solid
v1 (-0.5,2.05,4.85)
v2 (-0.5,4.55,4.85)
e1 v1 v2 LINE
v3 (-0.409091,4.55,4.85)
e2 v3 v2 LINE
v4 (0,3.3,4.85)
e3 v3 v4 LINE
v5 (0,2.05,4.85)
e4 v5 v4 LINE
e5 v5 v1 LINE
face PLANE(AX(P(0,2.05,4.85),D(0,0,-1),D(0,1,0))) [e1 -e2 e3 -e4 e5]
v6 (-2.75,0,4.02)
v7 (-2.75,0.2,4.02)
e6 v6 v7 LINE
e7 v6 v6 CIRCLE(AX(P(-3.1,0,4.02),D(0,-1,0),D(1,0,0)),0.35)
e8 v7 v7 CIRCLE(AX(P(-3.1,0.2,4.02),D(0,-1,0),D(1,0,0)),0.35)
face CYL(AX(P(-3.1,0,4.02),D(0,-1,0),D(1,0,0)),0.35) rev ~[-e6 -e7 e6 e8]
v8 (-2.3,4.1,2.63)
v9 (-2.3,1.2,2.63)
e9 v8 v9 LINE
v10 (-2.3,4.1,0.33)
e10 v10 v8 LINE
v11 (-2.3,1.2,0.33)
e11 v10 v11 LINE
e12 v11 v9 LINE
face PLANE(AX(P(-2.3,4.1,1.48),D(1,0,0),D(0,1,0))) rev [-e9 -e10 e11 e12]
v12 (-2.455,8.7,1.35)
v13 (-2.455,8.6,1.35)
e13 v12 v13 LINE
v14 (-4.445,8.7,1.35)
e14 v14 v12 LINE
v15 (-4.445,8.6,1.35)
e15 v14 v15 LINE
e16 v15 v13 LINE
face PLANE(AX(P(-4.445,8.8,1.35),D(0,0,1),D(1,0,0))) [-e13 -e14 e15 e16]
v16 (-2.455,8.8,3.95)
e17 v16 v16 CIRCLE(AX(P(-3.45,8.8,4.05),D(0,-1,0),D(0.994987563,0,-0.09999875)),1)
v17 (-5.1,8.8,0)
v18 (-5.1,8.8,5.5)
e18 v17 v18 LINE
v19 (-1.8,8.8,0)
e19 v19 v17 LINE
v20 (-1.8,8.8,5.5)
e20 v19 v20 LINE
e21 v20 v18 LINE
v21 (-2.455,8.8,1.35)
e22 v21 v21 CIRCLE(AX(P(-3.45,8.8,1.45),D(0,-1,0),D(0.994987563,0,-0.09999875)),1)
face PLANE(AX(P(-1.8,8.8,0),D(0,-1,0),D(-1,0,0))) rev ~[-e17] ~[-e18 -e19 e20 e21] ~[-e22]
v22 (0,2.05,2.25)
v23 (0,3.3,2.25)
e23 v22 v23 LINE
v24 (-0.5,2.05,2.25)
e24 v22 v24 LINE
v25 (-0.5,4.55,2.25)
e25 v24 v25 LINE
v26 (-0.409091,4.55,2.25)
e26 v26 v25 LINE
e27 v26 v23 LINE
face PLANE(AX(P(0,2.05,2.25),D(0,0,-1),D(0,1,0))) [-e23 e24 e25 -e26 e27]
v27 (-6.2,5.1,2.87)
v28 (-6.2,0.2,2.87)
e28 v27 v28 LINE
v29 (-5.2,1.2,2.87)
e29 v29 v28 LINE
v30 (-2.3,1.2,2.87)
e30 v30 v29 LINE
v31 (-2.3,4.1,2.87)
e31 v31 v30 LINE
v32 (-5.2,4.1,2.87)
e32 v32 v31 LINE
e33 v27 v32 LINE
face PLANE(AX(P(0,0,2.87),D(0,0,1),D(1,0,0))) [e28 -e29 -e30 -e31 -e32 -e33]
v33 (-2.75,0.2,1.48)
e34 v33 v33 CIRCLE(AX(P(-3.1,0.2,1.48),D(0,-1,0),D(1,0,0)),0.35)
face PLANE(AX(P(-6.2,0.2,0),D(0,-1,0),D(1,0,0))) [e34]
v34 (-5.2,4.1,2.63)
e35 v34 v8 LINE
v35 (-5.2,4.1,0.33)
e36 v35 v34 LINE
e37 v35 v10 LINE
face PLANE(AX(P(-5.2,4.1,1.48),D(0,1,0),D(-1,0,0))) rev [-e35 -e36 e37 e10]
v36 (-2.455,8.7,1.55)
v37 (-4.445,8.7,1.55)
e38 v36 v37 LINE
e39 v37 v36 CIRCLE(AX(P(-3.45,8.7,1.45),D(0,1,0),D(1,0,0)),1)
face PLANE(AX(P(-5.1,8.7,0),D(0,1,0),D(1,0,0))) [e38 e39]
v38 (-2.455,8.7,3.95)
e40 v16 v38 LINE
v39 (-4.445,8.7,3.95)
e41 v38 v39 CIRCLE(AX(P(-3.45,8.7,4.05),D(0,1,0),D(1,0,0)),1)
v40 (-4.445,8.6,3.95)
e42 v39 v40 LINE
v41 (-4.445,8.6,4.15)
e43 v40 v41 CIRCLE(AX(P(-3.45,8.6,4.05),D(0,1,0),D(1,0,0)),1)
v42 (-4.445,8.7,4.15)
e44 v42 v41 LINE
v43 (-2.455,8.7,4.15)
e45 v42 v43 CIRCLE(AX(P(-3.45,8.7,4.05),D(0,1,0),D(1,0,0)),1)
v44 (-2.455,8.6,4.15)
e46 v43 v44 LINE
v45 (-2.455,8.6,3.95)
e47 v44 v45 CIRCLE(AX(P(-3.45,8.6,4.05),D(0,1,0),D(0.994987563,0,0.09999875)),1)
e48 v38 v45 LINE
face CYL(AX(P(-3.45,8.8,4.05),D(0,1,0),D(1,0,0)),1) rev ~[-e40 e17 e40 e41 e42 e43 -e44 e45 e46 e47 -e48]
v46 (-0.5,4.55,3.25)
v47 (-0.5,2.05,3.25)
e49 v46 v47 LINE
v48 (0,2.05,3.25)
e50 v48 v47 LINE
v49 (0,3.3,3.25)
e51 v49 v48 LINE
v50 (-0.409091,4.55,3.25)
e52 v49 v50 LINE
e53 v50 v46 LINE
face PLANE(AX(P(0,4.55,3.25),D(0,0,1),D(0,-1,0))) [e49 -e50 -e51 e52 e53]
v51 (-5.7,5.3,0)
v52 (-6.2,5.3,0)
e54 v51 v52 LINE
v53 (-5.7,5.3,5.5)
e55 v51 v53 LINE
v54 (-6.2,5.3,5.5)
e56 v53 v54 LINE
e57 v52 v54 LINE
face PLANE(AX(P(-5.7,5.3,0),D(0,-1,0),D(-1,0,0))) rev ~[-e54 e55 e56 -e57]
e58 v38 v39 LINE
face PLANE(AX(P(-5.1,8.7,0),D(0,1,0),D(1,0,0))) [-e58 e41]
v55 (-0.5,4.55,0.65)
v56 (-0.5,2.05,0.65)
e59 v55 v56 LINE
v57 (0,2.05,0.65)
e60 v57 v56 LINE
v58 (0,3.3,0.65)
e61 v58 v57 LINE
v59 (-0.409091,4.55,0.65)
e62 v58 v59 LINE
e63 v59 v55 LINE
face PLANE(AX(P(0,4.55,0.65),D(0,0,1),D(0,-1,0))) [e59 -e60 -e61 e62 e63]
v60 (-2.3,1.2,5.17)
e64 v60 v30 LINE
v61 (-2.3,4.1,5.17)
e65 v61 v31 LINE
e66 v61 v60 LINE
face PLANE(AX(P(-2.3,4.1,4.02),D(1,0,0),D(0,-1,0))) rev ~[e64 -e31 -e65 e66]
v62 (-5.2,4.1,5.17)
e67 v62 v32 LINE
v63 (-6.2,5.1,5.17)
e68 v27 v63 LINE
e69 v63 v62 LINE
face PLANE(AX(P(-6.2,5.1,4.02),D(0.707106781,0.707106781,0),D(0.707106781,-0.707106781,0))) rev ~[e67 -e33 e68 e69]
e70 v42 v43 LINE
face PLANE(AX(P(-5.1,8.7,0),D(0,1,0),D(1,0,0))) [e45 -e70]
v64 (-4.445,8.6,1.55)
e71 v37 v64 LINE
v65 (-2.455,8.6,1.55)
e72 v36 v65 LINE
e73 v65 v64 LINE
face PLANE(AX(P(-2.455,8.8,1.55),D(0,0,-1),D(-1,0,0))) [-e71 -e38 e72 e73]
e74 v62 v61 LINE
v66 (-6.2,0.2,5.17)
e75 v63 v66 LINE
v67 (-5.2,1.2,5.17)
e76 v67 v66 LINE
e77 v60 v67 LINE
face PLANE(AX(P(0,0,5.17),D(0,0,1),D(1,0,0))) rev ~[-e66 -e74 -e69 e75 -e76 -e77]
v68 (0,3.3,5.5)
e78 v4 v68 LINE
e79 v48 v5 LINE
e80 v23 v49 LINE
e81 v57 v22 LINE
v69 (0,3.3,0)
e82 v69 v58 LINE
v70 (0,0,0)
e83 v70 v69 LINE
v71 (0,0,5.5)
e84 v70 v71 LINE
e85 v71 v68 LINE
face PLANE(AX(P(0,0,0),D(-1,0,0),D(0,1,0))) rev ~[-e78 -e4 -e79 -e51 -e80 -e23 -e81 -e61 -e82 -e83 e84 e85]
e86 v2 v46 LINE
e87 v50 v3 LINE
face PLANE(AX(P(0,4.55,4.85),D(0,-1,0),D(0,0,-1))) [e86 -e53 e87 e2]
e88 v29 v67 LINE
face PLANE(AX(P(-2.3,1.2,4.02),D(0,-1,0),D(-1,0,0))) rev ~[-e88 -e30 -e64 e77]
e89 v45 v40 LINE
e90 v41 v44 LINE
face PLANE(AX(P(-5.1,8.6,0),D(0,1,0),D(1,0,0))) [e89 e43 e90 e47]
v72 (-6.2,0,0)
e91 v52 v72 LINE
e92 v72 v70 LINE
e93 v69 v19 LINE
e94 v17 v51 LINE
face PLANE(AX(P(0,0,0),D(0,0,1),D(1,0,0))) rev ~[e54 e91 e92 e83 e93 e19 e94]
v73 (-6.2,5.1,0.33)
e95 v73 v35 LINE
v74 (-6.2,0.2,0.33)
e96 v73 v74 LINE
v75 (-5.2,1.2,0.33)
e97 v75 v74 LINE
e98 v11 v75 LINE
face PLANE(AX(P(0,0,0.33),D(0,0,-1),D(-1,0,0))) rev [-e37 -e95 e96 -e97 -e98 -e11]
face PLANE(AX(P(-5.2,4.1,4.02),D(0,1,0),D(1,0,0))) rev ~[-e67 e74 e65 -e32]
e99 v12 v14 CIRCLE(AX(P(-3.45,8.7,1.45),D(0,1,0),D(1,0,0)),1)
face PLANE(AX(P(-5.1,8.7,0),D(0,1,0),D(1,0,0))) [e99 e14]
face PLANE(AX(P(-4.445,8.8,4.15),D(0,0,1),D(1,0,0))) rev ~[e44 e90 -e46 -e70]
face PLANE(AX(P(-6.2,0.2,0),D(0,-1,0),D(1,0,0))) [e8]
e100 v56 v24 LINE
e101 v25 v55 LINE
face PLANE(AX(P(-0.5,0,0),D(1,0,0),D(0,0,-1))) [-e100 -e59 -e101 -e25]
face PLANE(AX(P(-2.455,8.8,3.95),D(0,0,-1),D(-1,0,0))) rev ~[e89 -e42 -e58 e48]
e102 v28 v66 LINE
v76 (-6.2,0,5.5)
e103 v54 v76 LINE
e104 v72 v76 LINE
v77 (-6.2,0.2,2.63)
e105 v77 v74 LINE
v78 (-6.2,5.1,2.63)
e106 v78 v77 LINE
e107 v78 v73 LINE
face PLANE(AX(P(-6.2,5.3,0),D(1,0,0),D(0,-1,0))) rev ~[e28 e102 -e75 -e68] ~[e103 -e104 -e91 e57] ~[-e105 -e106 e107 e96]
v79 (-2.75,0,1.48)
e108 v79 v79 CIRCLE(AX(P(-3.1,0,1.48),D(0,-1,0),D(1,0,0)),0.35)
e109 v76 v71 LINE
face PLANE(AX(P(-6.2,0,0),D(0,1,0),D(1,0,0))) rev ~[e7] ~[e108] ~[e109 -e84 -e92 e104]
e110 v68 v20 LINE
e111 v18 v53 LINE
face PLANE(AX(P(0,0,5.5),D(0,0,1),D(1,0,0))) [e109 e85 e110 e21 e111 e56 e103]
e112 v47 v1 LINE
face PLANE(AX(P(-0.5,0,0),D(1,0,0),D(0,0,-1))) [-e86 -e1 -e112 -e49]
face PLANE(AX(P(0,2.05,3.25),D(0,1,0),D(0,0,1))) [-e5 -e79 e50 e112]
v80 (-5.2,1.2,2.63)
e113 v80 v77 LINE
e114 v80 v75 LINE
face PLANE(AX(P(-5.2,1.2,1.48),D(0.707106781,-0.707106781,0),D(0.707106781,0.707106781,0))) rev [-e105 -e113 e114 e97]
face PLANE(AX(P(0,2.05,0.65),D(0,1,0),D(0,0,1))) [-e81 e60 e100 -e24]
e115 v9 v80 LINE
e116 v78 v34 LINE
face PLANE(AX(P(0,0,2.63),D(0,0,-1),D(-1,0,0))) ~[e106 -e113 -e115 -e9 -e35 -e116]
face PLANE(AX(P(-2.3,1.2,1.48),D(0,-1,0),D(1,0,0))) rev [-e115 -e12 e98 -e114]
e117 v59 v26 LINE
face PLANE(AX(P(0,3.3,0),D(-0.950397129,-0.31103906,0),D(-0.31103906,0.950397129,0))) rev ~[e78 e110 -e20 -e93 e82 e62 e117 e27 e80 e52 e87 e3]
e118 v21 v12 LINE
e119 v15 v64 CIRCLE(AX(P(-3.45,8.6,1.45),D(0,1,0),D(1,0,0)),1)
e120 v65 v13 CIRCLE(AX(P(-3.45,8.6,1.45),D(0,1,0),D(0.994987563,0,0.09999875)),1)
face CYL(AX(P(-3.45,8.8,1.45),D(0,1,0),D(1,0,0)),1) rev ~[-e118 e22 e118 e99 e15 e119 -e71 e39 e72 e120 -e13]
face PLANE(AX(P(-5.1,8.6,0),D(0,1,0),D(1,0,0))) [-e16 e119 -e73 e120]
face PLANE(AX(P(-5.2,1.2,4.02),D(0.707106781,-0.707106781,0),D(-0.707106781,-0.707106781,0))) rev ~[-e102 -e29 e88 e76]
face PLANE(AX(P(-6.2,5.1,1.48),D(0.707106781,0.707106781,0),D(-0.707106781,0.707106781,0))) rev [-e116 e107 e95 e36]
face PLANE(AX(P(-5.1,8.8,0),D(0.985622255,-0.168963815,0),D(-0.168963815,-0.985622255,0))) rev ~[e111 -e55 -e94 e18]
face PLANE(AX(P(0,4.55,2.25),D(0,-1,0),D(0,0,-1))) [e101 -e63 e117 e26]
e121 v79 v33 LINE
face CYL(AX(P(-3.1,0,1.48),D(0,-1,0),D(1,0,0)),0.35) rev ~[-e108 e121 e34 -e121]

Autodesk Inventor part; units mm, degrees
ref_plane "YZ Plane" through (0, 0, 0) normal (1, 0, 0) x (0, 1, 0)
ref_plane "XZ Plane" through (0, 0, 0) normal (0, 1, 0) x (-1, 0, 0)
sketch "Sketch1" plane through (0, 0, 0) normal (0, 0, 1) x (1, 0, 0)
  line L0 (0, 0) -> (0, 3.3)
  line L1 (0, 3.3) -> (-1.8, 8.8)
  line L2 (-1.8, 8.8) -> (-5.1, 8.8)
  line L3 (-5.1, 8.8) -> (-5.7, 5.3)
  line L4 (-5.7, 5.3) -> (-6.2, 5.3)
  line L5 (-6.2, 5.3) -> (-6.2, 0)
  line L6 (-6.2, 0) -> (0, 0)
  dimension "d0" = 3.3
  dimension "d1" = 3.3
  dimension "d2" = 8.8
  dimension "d3" = 1.8
  dimension "d4" = 5.3
  dimension "d5" = 6.2
  dimension "d6" = 0.5
extrude "Extrusion1" add sketch "Sketch1" along normal blind 5.5
ref_plane "Work Plane2" through (0, 0, 4.02) normal (0, 0, 1) x (1, 0, 0)
ref_plane "Work Plane1" through (0, 0, 2.75) normal (0, 0, 1) x (1, 0, 0)
sketch "Sketch3" plane through (0, 0, 4.02) normal (0, 0, 1) x (1, 0, 0)
  line L0 (-6.2, 5.3) -> (-6.2, 0) projected
  line L1 (-6.2, 5.1) -> (-5.2, 4.1)
  line L2 (-5.2, 4.1) -> (-2.3, 4.1)
  line L3 (-2.3, 4.1) -> (-2.3, 1.2)
  line L4 (-2.3, 1.2) -> (-5.2, 1.2)
  line L5 (-5.2, 1.2) -> (-6.2, 0.2)
  line L6 (-6.2, 5.1) -> (-6.2, 0.2)
  line L7 (-5.7, 5.3) -> (-6.2, 5.3) projected
  line L8 (-6.2, 0) -> (0, 0) projected
  line L9 (-6.2, 2.65) -> (0, 2.65) construction
  line L10 (0, 0) -> (0, 3.3) construction
  dimension "d10" = 0.2
  dimension "d11" = 0.2
  dimension "d12" = 1
  dimension "d13" = 1
extrude "Extrusion2" cut sketch "Sketch3" along normal mid plane 2.3
mirror "Mirror1" about plane through (0, 0, 2.75) normal (0, 0, 1) of "Extrusion2"
sketch "Sketch4" plane through (0, 0, 0) normal (1, 0, 0) x (0, 0, -1)
  line L0 (-4.85, 4.55) -> (-3.25, 4.55)
  line L1 (-3.25, 4.55) -> (-3.25, 2.05)
  line L2 (-3.25, 2.05) -> (-4.85, 2.05)
  line L3 (-4.85, 2.05) -> (-4.85, 4.55)
  line L4 (-4.85, 4.55) -> (-3.25, 2.05) construction
  line L5 (-3.25, 4.55) -> (-4.85, 2.05) construction
  line L6 (-2.25, 4.55) -> (-0.65, 4.55)
  line L7 (-0.65, 4.55) -> (-0.65, 2.05)
  line L8 (-0.65, 2.05) -> (-2.25, 2.05)
  line L9 (-2.25, 2.05) -> (-2.25, 4.55)
  line L10 (-2.25, 4.55) -> (-0.65, 2.05) construction
  line L11 (-0.65, 4.55) -> (-2.25, 2.05) construction
  line L12 (0, 8.8) -> (-5.5, 8.8) construction
  line L13 (-2.75, 8.8) -> (-2.75, 0) construction
  line L14 (0, 0) -> (-5.5, 0) construction
  line L15 (0, 3.3) -> (-5.5, 3.3) construction
  point P0 (-4.05, 3.3)
  point P1 (-1.45, 3.3)
  dimension "d16" = 1.6
  dimension "d17" = 2.5
  dimension "d18" = 1
extrude "Extrusion3" cut sketch "Sketch4" against normal blind 0.5
sketch "Sketch5" plane through (-5.1, 8.8, 0) normal (0, 1, 0) x (1, 0, 0)
  circle A0 centre (1.65, -4.05) radius 1
  line L0 (-1.1, -5.5) -> (5.1, -5.5) construction
  line L1 (3.3, 0) -> (3.3, -5.5) construction
  line L2 (0, -5.5) -> (3.3, -5.5) construction
  line L3 (3.3, -5.5) -> (3.3, 0) construction
  line L4 (3.3, 0) -> (0, 0) construction
  line L5 (0, 0) -> (0, -5.5) construction
  line L6 (1.65, -5.5) -> (1.65, 0) construction
  line L7 (0, 0) -> (0, -5.5) construction
  line L8 (0, -2.75) -> (3.3, -2.75) construction
  line L9 (0.655, -4.15) -> (2.645, -4.15)
  line L10 (2.645, -3.95) -> (0.655, -3.95)
  circle A1 centre (1.65, -1.45) radius 1
  line L11 (1.65, 0) -> (1.65, -5.5) construction
  line L12 (0.655, -1.35) -> (2.645, -1.35)
  line L13 (2.645, -1.55) -> (0.655, -1.55)
  point P0 (5.1, 0)
  dimension "d21" = 2
  dimension "d22" = 0.2
  dimension "d23" = 1.3
  dimension "d24" = 0.1
extrude "Extrusion4" cut sketch "Sketch5" against normal blind 0.1 contours L10 A0 | A0 L9 | L12 A1 | A1 L13
extrude "Extrusion5" cut sketch "Sketch5" against normal blind 0.2 contours A0 L9 L10 | A1 L13 L12
sketch "Sketch6" plane through (-6.2, 0, 0) normal (0, -1, 0) x (1, 0, 0)
  circle A0 centre (3.1, 4.02) radius 0.35
  circle A1 centre (3.1, 1.48) radius 0.35
  line L0 (6.2, 2.25) -> (6.2, 3.25) construction
  line L1 (6.2, 2.75) -> (0, 2.75) construction
  line L2 (0, 2.63) -> (1, 2.63) construction
  line L3 (6.2, 0) -> (6.2, 5.5) construction
  dimension "d29" = 0.7
  dimension "d30" = 2.54
  dimension "d31" = 3.1
extrude "Extrusion6" cut sketch "Sketch6" against normal blind 0.2
properties part number "CAN_bus_wire"
